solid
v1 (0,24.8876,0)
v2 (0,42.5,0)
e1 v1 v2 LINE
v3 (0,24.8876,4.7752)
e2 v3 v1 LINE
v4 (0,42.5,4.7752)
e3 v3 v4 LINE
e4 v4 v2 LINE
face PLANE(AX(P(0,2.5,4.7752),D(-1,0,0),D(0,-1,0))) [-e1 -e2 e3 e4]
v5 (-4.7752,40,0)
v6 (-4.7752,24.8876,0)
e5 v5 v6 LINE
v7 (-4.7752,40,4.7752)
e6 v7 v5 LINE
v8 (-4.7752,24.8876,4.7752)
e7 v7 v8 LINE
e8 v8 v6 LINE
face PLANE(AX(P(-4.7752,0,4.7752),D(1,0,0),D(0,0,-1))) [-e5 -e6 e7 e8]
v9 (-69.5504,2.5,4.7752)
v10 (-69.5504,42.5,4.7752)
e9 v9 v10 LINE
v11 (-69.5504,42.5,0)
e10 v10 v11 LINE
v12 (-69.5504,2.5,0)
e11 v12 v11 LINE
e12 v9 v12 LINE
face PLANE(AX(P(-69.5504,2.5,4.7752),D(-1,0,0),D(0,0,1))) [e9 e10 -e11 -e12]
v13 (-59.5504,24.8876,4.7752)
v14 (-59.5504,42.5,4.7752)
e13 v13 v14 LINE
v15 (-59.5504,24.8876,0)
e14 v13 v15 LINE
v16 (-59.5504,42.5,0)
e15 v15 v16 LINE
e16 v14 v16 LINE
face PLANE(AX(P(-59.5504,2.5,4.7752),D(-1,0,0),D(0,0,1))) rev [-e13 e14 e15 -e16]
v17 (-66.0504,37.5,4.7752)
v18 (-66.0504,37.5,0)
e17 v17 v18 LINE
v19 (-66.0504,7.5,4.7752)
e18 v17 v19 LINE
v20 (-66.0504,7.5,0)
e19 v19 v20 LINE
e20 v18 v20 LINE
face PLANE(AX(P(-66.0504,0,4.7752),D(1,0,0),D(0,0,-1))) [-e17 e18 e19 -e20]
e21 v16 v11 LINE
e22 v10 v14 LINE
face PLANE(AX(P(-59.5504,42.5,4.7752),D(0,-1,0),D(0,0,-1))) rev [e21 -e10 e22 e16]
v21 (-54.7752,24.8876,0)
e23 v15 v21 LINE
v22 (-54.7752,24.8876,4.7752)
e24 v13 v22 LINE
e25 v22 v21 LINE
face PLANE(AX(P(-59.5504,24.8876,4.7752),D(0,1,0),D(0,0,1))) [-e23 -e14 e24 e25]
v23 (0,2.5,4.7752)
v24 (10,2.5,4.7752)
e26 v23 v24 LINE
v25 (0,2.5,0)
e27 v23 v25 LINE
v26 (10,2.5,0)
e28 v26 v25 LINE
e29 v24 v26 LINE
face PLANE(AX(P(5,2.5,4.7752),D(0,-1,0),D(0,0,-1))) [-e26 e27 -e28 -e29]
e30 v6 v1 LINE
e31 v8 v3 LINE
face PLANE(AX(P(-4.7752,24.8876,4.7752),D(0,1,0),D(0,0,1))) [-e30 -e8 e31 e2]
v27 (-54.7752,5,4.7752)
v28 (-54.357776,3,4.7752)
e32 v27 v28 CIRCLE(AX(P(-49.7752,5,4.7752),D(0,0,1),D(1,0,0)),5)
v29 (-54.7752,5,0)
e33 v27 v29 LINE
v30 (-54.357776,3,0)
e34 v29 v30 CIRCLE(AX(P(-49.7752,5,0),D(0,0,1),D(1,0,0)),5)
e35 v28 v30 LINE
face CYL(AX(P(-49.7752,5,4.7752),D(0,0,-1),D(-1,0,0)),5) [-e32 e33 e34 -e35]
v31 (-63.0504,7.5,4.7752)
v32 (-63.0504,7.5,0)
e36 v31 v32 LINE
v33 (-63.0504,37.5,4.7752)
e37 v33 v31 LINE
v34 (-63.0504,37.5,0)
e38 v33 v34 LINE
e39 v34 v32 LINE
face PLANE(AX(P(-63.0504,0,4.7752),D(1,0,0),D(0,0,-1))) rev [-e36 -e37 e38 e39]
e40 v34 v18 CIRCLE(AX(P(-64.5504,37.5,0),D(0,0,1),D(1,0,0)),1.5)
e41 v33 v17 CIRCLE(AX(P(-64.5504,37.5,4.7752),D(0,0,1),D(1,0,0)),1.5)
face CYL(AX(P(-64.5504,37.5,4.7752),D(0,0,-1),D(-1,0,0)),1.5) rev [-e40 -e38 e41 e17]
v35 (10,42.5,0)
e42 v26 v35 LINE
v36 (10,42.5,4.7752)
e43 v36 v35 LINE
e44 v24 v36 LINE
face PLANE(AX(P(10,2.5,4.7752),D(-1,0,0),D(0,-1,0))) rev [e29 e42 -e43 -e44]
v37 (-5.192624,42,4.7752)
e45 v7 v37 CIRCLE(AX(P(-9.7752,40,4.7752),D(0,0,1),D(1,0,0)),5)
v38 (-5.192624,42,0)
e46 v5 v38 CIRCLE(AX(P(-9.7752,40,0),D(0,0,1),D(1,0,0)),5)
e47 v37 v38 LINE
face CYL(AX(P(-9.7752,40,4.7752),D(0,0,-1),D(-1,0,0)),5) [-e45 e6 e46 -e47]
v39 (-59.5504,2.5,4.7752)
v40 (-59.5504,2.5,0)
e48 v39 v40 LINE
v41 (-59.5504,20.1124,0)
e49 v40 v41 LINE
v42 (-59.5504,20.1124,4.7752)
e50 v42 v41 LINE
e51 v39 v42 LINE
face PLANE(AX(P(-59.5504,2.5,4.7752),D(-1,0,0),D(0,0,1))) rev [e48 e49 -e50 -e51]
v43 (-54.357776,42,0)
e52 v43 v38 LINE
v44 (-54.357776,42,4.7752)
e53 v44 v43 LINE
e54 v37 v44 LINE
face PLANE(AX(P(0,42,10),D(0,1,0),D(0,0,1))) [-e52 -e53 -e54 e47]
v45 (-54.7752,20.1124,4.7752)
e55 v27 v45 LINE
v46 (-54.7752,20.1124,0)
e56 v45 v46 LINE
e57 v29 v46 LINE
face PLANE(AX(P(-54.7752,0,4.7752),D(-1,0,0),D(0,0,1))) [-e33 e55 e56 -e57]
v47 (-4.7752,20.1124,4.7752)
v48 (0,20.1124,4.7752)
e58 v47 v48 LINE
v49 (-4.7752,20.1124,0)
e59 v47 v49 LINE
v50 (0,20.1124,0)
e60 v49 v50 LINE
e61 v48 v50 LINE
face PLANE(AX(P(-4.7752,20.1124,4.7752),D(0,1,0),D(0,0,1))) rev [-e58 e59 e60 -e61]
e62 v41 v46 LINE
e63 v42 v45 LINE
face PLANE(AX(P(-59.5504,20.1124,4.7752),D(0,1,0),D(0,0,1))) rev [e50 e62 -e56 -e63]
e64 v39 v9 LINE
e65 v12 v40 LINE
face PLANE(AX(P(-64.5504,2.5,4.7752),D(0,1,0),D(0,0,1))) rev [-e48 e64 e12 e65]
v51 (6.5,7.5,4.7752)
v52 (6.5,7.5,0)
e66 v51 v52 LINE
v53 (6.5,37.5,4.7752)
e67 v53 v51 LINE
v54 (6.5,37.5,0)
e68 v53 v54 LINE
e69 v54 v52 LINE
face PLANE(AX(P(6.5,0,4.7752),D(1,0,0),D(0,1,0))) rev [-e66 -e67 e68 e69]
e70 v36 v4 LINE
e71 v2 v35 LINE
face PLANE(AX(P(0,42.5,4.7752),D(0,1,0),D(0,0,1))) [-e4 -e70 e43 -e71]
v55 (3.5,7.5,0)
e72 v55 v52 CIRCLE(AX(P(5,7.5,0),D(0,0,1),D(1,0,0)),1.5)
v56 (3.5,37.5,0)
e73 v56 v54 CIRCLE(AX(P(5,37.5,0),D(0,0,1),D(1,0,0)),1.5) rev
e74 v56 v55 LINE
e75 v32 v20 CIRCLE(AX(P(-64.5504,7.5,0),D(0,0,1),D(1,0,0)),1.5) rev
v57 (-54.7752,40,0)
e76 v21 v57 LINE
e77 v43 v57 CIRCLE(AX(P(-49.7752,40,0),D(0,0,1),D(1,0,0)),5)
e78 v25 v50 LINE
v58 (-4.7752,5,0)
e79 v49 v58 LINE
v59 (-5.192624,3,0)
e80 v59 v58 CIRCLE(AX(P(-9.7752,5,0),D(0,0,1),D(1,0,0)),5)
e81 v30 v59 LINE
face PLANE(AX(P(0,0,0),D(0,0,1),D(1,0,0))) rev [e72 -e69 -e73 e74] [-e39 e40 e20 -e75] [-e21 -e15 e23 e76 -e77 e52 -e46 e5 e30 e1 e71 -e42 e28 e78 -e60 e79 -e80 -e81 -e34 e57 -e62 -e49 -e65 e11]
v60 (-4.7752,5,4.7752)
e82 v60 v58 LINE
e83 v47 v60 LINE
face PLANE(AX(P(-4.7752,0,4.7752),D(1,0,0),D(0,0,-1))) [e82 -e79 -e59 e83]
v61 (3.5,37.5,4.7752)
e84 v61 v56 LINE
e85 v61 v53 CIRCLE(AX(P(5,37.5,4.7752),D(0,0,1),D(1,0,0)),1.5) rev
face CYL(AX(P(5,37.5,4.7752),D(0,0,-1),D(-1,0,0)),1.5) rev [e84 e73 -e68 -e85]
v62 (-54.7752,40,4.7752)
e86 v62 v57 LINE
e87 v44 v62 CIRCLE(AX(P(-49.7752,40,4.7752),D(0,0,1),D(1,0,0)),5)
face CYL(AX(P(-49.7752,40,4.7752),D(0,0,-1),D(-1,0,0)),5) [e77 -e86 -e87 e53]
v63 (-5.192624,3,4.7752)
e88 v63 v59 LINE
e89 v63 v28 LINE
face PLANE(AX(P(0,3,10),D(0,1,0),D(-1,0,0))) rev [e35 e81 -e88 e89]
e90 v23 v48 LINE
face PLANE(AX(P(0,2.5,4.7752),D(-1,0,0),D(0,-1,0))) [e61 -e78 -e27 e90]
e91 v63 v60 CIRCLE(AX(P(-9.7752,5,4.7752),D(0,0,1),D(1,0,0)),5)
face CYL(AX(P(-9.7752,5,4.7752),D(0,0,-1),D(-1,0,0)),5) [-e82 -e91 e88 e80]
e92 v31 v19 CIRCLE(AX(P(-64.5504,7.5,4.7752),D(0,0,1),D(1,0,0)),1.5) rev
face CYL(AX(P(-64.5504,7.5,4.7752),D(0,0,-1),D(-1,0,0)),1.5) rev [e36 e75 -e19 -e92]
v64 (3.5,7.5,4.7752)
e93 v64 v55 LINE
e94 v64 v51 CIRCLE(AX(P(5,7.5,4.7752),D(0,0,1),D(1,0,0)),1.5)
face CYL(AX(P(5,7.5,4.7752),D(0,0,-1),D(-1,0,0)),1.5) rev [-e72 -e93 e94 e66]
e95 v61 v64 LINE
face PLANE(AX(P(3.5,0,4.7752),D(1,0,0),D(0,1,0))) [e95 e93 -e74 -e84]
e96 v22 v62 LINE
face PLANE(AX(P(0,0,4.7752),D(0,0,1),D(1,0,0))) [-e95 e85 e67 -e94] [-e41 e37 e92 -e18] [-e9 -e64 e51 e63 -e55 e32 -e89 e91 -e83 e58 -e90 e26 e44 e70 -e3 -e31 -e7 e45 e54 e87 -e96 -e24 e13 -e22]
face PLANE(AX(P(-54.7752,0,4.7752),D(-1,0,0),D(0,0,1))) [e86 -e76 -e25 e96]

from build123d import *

# Parameters (mm, degrees)
BOSS_EXTRUDE1_DEPTH = 4.7752
CUT_EXTRUDE1_DEPTH  = 83.976265734
CUT_EXTRUDE2_DEPTH  = 10


with BuildPart() as part:
    # Sketch1 → Boss-Extrude1 (new body)
    with BuildSketch(Plane.XY):
        with BuildLine():
            Line((0, 24.8876), (-4.7752, 24.8876))
            Line((-4.7752, 24.8876), (-4.7752, 40))
            ThreePointArc((-4.7752, 40), (-6.239666094, 43.535533906), (-9.7752, 45))
            Line((-9.7752, 45), (-49.7752, 45))
            ThreePointArc((-49.7752, 45), (-53.310733906, 43.535533906), (-54.7752, 40))
            Line((-54.7752, 40), (-54.7752, 24.8876))
            Line((-54.7752, 24.8876), (-59.5504, 24.8876))
            Line((-59.5504, 24.8876), (-59.5504, 42.5))
            Line((-59.5504, 42.5), (-69.5504, 42.5))
            Line((-69.5504, 42.5), (-69.5504, 2.5))
            Line((-69.5504, 2.5), (-59.5504, 2.5))
            Line((-59.5504, 2.5), (-59.5504, 20.1124))
            Line((-59.5504, 20.1124), (-54.7752, 20.1124))
            Line((-54.7752, 20.1124), (-54.7752, 5))
            ThreePointArc((-54.7752, 5), (-53.310733906, 1.464466094), (-49.7752, 0))
            Line((-49.7752, 0), (-9.7752, 0))
            ThreePointArc((-9.7752, 0), (-6.239666094, 1.464466094), (-4.7752, 5))
            Line((-4.7752, 5), (-4.7752, 20.1124))
            Line((-4.7752, 20.1124), (0, 20.1124))
            Line((0, 20.1124), (0, 2.5))
            Line((0, 2.5), (10, 2.5))
            Line((10, 2.5), (10, 42.5))
            Line((10, 42.5), (0, 42.5))
            Line((0, 42.5), (0, 24.8876))
        make_face()
    extrude(amount=BOSS_EXTRUDE1_DEPTH)

    # Sketch1<3> → Cut-Extrude1 (cut, through all)
    with BuildSketch(Plane.XY):
        with BuildLine():
            Line((-63.0504, 7.5), (-63.0504, 37.5))
            ThreePointArc((-63.0504, 37.5), (-64.5504, 39), (-66.0504, 37.5))
            Line((-66.0504, 37.5), (-66.0504, 7.5))
            ThreePointArc((-66.0504, 7.5), (-64.5504, 6), (-63.0504, 7.5))
        make_face()
        with BuildLine():
            Line((6.5, 7.5), (6.5, 37.5))
            ThreePointArc((6.5, 37.5), (5, 39), (3.5, 37.5))
            Line((3.5, 37.5), (3.5, 7.5))
            ThreePointArc((3.5, 7.5), (5, 6), (6.5, 7.5))
        make_face()
    extrude(amount=CUT_EXTRUDE1_DEPTH, mode=Mode.SUBTRACT)

    # Sketch1<5> → Cut-Extrude2 (cut)
    with BuildSketch(Plane.XY):
        with BuildLine():
            ThreePointArc((-5.192624305, 42), (-7.036587212, 44.183300133), (-9.7752, 45))
            Line((-9.7752, 45), (-49.7752, 45))
            ThreePointArc((-49.7752, 45), (-52.513812788, 44.183300133), (-54.357775695, 42))
            Line((-54.357775695, 42), (-5.192624305, 42))
        make_face()
        with BuildLine():
            ThreePointArc((-9.7752, 0), (-7.036587212, 0.816699867), (-5.192624305, 3))
            Line((-5.192624305, 3), (-54.357775695, 3))
            ThreePointArc((-54.357775695, 3), (-52.513812788, 0.816699867), (-49.7752, 0))
            Line((-49.7752, 0), (-9.7752, 0))
        make_face()
    extrude(amount=CUT_EXTRUDE2_DEPTH, mode=Mode.SUBTRACT)


solid = part.part
